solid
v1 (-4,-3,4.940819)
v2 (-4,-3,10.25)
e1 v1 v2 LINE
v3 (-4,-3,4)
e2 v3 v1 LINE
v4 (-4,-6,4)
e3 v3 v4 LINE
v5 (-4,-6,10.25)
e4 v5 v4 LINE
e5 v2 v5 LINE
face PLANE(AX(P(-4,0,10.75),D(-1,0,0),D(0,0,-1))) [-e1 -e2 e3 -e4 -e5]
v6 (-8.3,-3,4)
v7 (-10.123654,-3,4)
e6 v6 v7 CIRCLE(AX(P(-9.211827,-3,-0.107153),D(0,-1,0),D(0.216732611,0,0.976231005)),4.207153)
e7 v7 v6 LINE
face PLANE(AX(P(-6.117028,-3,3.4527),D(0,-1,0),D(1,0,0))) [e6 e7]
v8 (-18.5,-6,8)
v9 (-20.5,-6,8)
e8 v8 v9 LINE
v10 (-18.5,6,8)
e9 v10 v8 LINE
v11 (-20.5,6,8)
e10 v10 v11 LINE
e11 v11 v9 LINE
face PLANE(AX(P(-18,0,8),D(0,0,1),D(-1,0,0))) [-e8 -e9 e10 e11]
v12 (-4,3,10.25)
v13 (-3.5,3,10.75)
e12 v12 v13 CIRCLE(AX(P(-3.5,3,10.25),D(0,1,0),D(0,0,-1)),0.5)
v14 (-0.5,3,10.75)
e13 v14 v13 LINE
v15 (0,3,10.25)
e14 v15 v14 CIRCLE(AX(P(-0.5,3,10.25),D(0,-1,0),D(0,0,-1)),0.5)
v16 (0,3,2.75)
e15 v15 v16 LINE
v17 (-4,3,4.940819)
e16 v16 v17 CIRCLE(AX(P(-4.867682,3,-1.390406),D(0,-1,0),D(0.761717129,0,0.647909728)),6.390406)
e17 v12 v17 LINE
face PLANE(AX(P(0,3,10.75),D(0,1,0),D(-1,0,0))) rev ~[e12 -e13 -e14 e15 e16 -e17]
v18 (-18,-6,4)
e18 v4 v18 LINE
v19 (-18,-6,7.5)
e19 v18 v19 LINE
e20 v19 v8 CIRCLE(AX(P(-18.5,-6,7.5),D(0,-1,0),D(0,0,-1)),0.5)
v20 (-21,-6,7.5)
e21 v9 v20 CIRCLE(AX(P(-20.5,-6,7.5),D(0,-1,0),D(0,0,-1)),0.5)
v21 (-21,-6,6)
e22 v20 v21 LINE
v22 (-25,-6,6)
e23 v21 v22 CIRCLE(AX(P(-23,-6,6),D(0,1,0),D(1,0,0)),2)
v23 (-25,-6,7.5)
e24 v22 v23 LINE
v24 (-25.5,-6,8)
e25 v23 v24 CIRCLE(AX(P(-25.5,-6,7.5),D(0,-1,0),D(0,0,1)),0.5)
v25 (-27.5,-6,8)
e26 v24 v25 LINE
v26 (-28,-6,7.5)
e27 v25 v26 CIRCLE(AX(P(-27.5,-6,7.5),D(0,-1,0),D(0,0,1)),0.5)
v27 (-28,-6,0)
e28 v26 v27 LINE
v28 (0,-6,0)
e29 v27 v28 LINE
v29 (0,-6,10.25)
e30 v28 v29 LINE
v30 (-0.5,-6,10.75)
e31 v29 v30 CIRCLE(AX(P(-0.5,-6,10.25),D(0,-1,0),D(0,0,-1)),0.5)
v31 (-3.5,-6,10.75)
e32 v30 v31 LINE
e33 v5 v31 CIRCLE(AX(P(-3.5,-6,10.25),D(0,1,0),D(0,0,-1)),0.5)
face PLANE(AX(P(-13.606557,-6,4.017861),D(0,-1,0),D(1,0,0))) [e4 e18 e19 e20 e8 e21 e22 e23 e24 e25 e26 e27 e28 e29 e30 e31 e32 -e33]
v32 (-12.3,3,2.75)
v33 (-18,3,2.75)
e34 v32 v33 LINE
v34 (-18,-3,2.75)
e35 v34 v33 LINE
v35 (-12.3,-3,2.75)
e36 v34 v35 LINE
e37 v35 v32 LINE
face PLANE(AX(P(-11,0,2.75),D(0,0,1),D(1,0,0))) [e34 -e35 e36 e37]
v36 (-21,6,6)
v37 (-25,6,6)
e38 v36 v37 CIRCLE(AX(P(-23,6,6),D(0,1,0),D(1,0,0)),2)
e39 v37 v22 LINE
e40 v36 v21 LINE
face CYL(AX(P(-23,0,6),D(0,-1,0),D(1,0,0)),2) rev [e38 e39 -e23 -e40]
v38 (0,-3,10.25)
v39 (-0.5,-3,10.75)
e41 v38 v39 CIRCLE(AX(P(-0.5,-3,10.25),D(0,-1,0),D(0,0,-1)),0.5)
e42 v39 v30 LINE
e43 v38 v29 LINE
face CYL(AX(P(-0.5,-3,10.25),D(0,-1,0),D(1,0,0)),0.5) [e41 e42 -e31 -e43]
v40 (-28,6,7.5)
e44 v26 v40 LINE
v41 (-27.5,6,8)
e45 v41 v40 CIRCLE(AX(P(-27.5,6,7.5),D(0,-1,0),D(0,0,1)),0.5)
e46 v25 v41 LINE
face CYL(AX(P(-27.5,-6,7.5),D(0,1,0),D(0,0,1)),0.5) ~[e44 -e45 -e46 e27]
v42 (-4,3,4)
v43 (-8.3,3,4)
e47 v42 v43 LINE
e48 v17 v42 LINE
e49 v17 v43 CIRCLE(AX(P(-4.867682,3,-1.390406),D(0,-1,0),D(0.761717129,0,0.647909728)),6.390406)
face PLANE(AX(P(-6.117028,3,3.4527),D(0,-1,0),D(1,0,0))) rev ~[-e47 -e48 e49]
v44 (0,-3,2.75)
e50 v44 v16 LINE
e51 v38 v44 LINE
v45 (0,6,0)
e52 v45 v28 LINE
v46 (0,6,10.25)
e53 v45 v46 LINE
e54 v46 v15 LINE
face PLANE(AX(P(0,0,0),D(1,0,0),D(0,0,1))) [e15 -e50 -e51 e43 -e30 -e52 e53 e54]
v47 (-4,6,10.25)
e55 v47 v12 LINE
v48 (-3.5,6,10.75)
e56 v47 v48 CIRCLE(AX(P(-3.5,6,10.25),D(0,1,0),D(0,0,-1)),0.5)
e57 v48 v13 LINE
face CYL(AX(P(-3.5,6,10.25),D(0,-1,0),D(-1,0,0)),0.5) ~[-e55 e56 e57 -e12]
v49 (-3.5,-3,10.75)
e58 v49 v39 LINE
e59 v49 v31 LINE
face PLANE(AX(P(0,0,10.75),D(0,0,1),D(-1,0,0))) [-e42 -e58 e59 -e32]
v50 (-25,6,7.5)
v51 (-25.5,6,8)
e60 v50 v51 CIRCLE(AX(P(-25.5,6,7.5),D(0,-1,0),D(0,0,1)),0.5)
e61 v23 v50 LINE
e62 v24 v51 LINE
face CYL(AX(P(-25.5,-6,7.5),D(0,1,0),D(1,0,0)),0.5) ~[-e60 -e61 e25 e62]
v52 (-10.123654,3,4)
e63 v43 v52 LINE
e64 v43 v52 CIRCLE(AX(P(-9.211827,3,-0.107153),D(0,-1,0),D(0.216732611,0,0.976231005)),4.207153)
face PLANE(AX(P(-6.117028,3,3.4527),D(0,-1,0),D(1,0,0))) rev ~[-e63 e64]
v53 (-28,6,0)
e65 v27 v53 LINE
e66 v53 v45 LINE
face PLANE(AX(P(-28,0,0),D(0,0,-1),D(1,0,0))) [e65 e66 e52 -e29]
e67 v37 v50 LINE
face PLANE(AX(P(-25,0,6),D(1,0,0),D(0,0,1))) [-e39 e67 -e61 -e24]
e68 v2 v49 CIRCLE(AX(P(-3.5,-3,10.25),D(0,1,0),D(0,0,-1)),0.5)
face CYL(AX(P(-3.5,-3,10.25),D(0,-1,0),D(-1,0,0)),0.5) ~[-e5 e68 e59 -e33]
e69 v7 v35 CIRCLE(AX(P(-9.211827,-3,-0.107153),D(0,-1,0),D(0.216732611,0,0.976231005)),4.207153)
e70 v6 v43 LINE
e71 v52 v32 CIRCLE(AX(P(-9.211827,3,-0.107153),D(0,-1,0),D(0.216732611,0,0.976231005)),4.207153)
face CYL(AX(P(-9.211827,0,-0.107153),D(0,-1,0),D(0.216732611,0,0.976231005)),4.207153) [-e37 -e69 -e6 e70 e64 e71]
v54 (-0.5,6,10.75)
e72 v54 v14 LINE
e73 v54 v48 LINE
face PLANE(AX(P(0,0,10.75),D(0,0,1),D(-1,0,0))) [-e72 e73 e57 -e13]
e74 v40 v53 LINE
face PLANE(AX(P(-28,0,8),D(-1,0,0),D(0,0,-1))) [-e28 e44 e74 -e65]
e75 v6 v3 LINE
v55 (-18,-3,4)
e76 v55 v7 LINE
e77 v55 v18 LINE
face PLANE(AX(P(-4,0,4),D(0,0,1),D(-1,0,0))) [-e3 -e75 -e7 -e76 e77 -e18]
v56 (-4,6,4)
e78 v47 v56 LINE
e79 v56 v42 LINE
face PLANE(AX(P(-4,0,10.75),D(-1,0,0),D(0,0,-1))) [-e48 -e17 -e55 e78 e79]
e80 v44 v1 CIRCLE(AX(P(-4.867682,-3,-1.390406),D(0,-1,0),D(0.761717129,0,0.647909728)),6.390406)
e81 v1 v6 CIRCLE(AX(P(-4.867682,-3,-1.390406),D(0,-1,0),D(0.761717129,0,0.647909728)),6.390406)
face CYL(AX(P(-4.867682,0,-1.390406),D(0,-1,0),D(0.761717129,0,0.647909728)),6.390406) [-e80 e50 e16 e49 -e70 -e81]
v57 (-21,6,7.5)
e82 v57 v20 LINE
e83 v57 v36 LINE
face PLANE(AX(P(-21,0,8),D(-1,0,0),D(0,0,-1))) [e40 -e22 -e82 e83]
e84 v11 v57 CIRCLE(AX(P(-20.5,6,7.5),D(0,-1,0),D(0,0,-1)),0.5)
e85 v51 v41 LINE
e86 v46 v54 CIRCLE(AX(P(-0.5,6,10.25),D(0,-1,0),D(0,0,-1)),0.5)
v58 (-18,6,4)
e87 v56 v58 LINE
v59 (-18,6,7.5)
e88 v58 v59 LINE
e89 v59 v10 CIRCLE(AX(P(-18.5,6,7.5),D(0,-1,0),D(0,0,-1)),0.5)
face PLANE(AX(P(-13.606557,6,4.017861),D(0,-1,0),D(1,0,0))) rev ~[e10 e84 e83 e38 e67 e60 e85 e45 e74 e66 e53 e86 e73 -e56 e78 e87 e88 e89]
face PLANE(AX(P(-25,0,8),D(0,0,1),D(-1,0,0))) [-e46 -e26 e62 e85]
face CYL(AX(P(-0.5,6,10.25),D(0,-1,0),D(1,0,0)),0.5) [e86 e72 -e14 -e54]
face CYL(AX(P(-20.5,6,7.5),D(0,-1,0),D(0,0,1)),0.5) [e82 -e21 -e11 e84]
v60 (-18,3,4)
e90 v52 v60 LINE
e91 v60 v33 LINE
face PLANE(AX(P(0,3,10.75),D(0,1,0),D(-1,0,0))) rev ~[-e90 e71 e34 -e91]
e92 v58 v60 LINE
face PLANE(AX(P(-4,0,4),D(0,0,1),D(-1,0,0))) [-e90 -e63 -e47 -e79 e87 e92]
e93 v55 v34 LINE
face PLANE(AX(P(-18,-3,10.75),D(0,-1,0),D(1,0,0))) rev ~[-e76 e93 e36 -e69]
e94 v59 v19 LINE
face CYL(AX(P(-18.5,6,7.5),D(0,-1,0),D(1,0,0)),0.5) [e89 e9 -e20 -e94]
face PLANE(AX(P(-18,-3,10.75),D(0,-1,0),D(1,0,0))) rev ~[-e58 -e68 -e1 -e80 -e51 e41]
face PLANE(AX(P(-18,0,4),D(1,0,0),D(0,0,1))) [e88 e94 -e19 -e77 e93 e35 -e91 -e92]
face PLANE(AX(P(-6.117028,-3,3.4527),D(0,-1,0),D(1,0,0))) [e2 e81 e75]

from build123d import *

# Parameters (mm, degrees)
F1_DEPTH = 6
F2_W     = 14
F2_H     = 6
F2_W_2   = 4
F3_DEPTH = 8
F5_DEPTH = 3
F6_R     = 0.5


with BuildPart() as f1:
    # F0 (on Front) → F1 (new body, symmetric)
    with BuildSketch(Plane.XZ):
        with BuildLine():
            Line((-28, 0), (0, 0))
            Line((0, 0), (0, 10.75))
            Line((0, 10.75), (-4, 10.75))
            Line((-4, 10.75), (-4, 4))
            Line((-4, 4), (-18, 4))
            Line((-18, 4), (-18, 8))
            Line((-18, 8), (-21, 8))
            Line((-21, 8), (-21, 6))
            ThreePointArc((-21, 6), (-23, 4), (-25, 6))
            Line((-25, 6), (-25, 8))
            Line((-25, 8), (-28, 8))
            Line((-28, 8), (-28, 0))
        make_face()
    extrude(amount=F1_DEPTH, both=True)

    # F2 (on face) → F3 (cut)
    with BuildSketch(Plane.XY.offset(10.75)):
        with Locations((-11, 0)):
            Rectangle(F2_W, F2_H)
        with Locations((-2, 0)):
            Rectangle(F2_W_2, F2_H)
    extrude(amount=-F3_DEPTH, mode=Mode.SUBTRACT)

    # F4 (on Front) → F5 (join, symmetric)
    with BuildSketch(Plane.XZ):
        with BuildLine():
            Line((-12.3, 2.75), (0, 2.75))
            ThreePointArc((0, 2.75), (-3.916003, 4.928739), (-8.3, 4))
            ThreePointArc((-8.3, 4), (-10.466716, 3.90849), (-12.3, 2.75))
        make_face()
    extrude(amount=F5_DEPTH, both=True)

    # F6
    f6_edges = [f1.edges().sort_by_distance(p)[0] for p in [
        (-21, 0, 8),
        (-25, 0, 8),
        (-28, 0, 8),
        (-18, 0, 8),
        (0, -4.5, 10.75),
        (0, 4.5, 10.75),
        (-4, 4.5, 10.75),
        (-4, -4.5, 10.75),
    ]]
    fillet(f6_edges, radius=F6_R)


solid = f1.part
